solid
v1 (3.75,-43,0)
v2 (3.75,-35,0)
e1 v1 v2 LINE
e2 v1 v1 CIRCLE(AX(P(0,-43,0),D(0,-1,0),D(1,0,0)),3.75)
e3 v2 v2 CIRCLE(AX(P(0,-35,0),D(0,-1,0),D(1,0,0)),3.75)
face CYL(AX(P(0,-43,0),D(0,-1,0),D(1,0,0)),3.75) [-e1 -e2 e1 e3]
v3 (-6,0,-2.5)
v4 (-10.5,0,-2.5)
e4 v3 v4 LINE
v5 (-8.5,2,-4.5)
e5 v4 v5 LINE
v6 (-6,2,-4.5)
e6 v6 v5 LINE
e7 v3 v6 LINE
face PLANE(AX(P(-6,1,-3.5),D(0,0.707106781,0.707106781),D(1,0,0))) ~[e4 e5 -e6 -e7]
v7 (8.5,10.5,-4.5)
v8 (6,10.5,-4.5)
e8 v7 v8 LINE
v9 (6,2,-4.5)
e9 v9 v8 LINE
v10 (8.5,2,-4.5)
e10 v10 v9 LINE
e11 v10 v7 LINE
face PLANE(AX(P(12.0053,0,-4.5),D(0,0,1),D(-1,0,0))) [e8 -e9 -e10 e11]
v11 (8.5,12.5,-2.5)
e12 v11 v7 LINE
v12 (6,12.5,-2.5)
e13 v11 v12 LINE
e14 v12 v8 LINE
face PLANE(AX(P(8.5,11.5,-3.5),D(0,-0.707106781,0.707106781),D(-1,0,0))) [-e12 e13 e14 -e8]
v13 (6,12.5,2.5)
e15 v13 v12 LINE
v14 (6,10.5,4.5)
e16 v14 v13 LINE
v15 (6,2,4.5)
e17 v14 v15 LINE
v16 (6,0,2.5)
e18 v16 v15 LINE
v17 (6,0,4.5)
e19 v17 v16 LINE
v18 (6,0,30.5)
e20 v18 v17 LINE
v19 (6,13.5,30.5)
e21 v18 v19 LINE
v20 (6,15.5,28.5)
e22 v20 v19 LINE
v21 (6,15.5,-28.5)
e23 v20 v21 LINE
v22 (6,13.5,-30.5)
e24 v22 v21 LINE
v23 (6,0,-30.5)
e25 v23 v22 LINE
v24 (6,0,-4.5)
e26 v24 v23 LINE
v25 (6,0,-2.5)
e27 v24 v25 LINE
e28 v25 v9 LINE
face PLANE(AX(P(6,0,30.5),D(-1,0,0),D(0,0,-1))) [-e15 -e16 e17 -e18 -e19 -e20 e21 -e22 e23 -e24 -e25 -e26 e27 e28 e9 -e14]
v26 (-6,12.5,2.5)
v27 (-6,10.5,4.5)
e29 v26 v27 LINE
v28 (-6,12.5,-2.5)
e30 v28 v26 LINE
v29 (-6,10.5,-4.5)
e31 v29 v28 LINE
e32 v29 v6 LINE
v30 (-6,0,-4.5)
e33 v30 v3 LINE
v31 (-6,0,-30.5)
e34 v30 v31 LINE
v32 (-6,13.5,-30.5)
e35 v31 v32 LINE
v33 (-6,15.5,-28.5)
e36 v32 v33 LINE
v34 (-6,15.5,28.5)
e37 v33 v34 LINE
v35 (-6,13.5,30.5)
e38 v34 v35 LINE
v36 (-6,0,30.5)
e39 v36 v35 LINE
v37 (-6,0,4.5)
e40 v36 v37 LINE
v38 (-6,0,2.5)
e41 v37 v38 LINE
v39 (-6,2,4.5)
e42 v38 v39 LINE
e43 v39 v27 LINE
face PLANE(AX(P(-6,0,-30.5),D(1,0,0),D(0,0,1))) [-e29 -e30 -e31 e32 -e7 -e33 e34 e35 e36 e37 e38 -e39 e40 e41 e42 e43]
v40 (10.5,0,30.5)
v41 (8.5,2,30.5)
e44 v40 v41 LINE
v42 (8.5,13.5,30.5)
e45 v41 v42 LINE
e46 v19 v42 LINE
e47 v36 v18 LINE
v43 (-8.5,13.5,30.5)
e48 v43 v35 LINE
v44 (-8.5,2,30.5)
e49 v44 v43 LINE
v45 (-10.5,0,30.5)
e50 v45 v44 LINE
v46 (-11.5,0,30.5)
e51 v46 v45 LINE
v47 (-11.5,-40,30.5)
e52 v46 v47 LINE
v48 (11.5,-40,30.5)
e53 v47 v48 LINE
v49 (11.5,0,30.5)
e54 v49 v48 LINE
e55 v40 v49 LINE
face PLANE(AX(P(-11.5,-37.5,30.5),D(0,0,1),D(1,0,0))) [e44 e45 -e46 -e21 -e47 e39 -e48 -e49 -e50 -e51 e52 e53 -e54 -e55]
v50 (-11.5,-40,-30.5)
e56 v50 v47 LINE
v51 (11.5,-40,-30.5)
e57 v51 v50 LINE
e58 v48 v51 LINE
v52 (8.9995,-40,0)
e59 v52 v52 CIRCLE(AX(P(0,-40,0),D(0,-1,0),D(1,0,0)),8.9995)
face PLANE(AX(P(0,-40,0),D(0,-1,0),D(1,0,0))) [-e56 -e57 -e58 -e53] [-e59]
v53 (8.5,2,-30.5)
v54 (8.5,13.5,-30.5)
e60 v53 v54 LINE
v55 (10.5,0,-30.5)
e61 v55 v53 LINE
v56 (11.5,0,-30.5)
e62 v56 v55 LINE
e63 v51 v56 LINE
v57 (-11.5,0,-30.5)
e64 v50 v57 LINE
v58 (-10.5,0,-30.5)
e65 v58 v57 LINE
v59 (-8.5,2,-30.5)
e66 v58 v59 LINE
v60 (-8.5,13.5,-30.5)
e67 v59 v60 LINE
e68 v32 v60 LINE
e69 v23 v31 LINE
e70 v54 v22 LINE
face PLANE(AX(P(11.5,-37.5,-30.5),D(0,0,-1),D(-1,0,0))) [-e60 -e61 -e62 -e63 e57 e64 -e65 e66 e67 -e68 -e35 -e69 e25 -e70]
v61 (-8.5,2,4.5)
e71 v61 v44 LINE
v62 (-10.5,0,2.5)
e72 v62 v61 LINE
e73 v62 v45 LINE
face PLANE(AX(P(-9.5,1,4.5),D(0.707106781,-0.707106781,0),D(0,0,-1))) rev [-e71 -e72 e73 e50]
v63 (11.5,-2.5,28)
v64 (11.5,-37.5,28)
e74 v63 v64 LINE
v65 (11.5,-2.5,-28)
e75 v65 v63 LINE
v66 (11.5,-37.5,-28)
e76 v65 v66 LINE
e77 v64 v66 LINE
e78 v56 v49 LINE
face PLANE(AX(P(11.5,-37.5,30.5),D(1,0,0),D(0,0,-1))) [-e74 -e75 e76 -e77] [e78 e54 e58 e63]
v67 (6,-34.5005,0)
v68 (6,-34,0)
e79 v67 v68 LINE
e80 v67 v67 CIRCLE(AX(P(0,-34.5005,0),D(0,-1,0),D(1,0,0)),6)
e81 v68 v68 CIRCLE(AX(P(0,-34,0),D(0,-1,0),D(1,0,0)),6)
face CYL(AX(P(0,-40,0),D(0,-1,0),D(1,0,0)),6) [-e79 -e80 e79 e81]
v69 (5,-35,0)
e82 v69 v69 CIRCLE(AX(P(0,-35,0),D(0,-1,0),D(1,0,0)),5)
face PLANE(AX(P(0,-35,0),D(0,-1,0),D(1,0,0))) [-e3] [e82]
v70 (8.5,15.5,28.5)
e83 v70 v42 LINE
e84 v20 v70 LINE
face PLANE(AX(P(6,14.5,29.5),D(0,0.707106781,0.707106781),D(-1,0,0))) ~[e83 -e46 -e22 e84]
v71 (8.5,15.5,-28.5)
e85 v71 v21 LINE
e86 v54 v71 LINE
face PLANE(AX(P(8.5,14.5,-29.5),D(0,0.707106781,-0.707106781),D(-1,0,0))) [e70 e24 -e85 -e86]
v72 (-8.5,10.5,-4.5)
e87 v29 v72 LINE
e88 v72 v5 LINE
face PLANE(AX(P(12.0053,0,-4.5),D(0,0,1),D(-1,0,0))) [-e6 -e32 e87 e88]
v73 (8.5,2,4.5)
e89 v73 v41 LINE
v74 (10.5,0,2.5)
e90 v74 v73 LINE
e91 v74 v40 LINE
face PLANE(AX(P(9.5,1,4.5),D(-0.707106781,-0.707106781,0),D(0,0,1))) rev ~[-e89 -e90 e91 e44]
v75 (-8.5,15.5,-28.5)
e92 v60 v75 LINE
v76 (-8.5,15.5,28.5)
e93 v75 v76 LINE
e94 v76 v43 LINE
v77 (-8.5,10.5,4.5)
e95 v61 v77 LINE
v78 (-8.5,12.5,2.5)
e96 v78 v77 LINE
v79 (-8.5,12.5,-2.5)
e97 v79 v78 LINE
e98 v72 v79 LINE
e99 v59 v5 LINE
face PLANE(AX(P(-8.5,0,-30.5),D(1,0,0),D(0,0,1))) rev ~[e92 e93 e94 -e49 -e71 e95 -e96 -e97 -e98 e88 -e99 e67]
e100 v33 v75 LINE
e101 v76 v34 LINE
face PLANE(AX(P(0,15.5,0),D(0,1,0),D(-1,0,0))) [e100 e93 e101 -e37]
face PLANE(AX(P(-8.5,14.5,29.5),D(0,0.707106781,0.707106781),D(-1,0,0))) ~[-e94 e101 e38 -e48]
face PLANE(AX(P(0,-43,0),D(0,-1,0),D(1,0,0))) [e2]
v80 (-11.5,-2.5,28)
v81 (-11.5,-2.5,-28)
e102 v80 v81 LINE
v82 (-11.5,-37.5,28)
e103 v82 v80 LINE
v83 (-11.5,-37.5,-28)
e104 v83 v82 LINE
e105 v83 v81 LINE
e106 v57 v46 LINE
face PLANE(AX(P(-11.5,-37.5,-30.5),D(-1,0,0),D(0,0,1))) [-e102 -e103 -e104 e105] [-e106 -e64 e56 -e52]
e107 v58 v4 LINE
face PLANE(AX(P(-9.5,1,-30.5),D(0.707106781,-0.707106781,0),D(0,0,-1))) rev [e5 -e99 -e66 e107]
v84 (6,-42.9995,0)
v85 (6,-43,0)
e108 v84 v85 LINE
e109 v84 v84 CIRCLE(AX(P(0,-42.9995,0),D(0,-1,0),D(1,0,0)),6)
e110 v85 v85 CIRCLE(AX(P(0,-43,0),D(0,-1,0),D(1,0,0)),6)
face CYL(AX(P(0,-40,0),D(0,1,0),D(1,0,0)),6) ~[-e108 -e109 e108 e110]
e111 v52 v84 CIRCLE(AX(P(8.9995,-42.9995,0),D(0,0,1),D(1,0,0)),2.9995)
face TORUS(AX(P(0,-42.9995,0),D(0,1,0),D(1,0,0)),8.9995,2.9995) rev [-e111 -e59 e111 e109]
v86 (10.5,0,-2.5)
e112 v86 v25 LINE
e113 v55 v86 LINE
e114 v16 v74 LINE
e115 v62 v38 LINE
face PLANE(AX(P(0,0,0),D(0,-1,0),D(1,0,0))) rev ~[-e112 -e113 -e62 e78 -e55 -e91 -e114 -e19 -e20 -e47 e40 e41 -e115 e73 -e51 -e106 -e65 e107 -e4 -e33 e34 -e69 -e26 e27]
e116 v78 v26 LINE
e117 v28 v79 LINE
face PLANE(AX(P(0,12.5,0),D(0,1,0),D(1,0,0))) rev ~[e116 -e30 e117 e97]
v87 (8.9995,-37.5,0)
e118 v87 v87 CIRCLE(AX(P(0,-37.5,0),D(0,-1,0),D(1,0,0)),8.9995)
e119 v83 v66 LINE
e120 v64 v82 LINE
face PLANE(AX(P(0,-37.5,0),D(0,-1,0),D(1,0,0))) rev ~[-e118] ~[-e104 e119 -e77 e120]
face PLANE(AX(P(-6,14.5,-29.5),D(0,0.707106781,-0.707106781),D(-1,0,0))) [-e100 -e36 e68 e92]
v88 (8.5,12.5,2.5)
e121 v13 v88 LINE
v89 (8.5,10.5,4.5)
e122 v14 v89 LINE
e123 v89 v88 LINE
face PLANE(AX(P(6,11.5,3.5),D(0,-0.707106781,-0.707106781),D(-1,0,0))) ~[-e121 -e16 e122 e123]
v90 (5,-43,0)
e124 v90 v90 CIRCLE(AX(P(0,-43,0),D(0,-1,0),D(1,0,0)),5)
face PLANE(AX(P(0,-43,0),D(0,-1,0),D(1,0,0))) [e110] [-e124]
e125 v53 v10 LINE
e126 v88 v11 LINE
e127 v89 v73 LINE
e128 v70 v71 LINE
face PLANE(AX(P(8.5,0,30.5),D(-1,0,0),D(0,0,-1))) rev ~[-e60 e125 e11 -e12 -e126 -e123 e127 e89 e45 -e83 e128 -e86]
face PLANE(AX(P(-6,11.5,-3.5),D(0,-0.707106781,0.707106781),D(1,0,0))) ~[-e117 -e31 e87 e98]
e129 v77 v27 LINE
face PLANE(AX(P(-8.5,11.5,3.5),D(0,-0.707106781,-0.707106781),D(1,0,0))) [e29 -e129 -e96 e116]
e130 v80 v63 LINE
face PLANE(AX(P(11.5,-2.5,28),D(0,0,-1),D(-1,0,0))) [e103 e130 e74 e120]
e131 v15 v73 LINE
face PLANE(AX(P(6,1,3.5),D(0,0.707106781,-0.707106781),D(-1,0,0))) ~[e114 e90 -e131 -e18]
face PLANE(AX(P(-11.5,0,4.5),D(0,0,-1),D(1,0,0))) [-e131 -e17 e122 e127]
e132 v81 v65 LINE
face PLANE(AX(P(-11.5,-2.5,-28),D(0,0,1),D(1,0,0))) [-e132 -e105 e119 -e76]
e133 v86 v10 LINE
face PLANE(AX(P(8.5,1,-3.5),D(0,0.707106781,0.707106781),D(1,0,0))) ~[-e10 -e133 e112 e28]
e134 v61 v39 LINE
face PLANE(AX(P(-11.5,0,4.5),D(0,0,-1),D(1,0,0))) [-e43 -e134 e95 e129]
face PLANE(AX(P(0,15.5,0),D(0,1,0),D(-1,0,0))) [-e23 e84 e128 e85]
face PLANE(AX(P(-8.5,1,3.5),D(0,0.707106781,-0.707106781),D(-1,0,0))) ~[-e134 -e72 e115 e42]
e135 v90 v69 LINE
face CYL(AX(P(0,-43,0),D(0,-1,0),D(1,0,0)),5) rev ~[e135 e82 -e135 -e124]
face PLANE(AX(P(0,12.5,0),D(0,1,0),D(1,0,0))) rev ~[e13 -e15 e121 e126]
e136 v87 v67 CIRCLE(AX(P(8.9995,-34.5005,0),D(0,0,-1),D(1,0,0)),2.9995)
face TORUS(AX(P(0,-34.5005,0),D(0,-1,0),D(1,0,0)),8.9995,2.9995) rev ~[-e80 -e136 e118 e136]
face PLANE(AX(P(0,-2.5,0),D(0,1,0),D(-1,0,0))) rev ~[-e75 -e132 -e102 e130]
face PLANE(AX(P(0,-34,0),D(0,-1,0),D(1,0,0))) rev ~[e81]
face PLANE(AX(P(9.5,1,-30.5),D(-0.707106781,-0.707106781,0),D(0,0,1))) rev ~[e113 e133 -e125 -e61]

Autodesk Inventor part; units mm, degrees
ref_plane "YZ Plane" through (0, 0, 0) normal (1, 0, 0) x (0, 1, 0)
ref_plane "XZ Plane" through (0, 0, 0) normal (0, 1, 0) x (-1, 0, 0)
ref_plane "XY Plane" through (0, 0, 0) normal (0, 0, 1) x (1, 0, 0)
sketch "Sketch1" plane through (0, 0, 0) normal (0, 1, 0) x (-1, 0, 0)
  line L0 (6, 30.5) -> (-6, 30.5)
  line L1 (-6, 30.5) -> (-6, -30.5)
  line L2 (-6, -30.5) -> (6, -30.5)
  line L3 (6, -30.5) -> (6, 30.5)
  line L4 (8.5, 30.5) -> (-8.5, 30.5)
  line L5 (-8.5, 30.5) -> (-8.5, -30.5)
  line L6 (-8.5, -30.5) -> (8.5, -30.5)
  line L7 (8.5, -30.5) -> (8.5, 30.5)
  point P0 (0, 0)
  point P1 (-6, 30.5)
  dimension "d0" = 61
  dimension "d1" = 30.5
  dimension "d2" = 0
  dimension "d3" = 0
  dimension "d4" = 2.5
  dimension "d5" = 2.5
  dimension "d6" = 12
  dimension "d7" = 6
extrude "Extrusion1" add sketch "Sketch1" along normal blind 15.5 contours L4 L7 L6 L3 | L1 L6 L5 L4
sketch "Sketch2" plane through (0, 0, 0) normal (0, 1, 0) x (-1, 0, 0)
  line L0 (-11.5, 28) -> (11.5, 28)
  line L1 (11.5, 28) -> (11.5, -28)
  line L2 (11.5, -28) -> (-11.5, -28)
  line L3 (-11.5, -28) -> (-11.5, 28)
  line L4 (-8.5, 30.5) -> (-8.5, -30.5) projected
  line L5 (8.5, -30.5) -> (8.5, 30.5) projected
  point P0 (0, 0)
  dimension "d10" = 56
  dimension "d11" = 28
  dimension "d12" = 3
  dimension "d13" = 3
extrude "Extrusion2" add sketch "Sketch2" against normal blind 2.5
sketch "Sketch3" plane through (0, -2.5, 0) normal (0, -1, 0) x (1, 0, 0)
  line L0 (11.5, -30.5) -> (-11.5, -30.5)
  line L1 (-11.5, -30.5) -> (-11.5, 30.5)
  line L2 (-11.5, 30.5) -> (11.5, 30.5)
  line L3 (11.5, 30.5) -> (11.5, -30.5)
  line L4 (11.5, -28) -> (11.5, 28) projected
  line L5 (-11.5, 28) -> (-11.5, -28) projected
  line L6 (-11.5, -28) -> (11.5, -28) projected
  line L7 (11.5, 28) -> (-11.5, 28) projected
  point P0 (0, 0)
  point P1 (11.5, -28)
  point P2 (-11.5, -28)
  point P3 (-11.5, 28)
  point P4 (11.5, 28)
  dimension "d16" = 0
  dimension "d17" = 0
  dimension "d18" = 2.5
  dimension "d19" = 2.5
extrude "Extrusion3" add sketch "Sketch3" along normal blind 35 and the other way blind 2.5 contours L0 L1 L6 L3 | L7 L1 L2 L3
sketch "Sketch4" plane through (0, -37.5, 0) normal (0, -1, 0) x (1, 0, 0)
  line L0 (11.5, 30.5) -> (11.5, -30.5) projected
  line L1 (-11.5, -30.5) -> (-11.5, 30.5) projected
  line L2 (11.5, -30.5) -> (-11.5, -30.5)
  line L3 (-11.5, -30.5) -> (-11.5, 30.5)
  line L4 (-11.5, 30.5) -> (11.5, 30.5)
  line L5 (11.5, 30.5) -> (11.5, -30.5)
  point P0 (0, 0)
  point P1 (-11.5, -30.5)
extrude "Extrusion4" add sketch "Sketch4" along normal blind 2.5
sketch "Sketch5" plane through (0, -40, 0) normal (0, -1, 0) x (1, 0, 0)
  circle A0 centre (0, 0) radius 6
  dimension "d26" = 12
extrude "Extrusion5" add sketch "Sketch5" along normal blind 3 and the other way blind 6
sketch "Sketch6" plane through (0, -43, 0) normal (0, -1, 0) x (1, 0, 0)
  circle A0 centre (0, 0) radius 3.75
  circle A1 centre (0, 0) radius 5
  dimension "d31" = 7.5
  dimension "d32" = 10
extrude "Extrusion6" cut sketch "Sketch6" against normal blind 8
sketch "Sketch7" plane through (0, 0, 0) normal (0, 1, 0) x (1, 0, 0)
  line L0 (-11.5, -4.5) -> (12.0053, -4.5)
  line L1 (12.0053, -4.5) -> (12.0053, 4.5)
  line L2 (12.0053, 4.5) -> (-11.5, 4.5)
  line L3 (-11.5, 4.5) -> (-11.5, -4.5)
  line L4 (-11.5, 28) -> (-11.5, -28) projected
  point P0 (0, 0)
  point P1 (-12, 31)
  point P2 (-12, -31)
  dimension "d35" = 0
  dimension "d36" = 9
  dimension "d37" = 4.5
extrude "Extrusion7" cut sketch "Sketch7" along normal blind 12.5
chamfer "Chamfer1" distance 2 angle 45 12 edges at (-7.25, 12.5, 4.5) (-7.25, 0, 4.5) (7.25, 0, 4.5) (7.25, 12.5, -4.5) (7.25, 12.5, 4.5) (-7.25, 12.5, -4.5) (7.25, 0, -4.5) (-7.25, 0, -4.5) (8.5, 0, 17.5) (8.5, 0, -17.5) (-8.5, 0, -17.5) (-8.5, 0, 17.5)
chamfer "Chamfer2" distance 2 angle 45 4 edges at (-7.25, 15.5, 30.5) (7.25, 15.5, 30.5) (-7.25, 15.5, -30.5) (7.25, 15.5, -30.5)
fillet "Fillet1" radius 3 2 edges at (-6, -40, 0) (-6, -37.5, 0)
sketch "Sketch10" plane through (11.5, 0, 30.5) normal (1, 0, 0) x (0, 0, -1)
  line L0 (0, 0) -> (0, -40) projected
  line L1 (2.5, -37.5) -> (2.5, -2.5) projected
  line L2 (0, -40) -> (2.5, -37.5)
  line L3 (58.5, -2.5) -> (58.5, -37.5) projected
  line L4 (2.5, -37.5) -> (58.5, -2.5)
  line L5 (61, 0) -> (61, -40) projected
  line L6 (58.5, -2.5) -> (61, 0)
  line L7 (61, 0) -> (69.672, -53.3691)
  line L8 (69.672, -53.3691) -> (66.4417, -53.894)
  line L9 (66.4417, -53.894) -> (0, -40)
  line L10 (0, -40) -> (-4.0587, 20.5845)
  line L11 (-4.0587, 20.5845) -> (67.1806, 19.3093)
  arc A0 (67.1806, 19.3093) -> (69.2094, 15.0199) centre (72.5272, 19.2136) ccw
  line L12 (61, 0) -> (33, 0) projected
  line L13 (69.2094, 15.0199) -> (61, 0)
  point P0 (30.5, 0)
properties part number "Koszyk_v2"
